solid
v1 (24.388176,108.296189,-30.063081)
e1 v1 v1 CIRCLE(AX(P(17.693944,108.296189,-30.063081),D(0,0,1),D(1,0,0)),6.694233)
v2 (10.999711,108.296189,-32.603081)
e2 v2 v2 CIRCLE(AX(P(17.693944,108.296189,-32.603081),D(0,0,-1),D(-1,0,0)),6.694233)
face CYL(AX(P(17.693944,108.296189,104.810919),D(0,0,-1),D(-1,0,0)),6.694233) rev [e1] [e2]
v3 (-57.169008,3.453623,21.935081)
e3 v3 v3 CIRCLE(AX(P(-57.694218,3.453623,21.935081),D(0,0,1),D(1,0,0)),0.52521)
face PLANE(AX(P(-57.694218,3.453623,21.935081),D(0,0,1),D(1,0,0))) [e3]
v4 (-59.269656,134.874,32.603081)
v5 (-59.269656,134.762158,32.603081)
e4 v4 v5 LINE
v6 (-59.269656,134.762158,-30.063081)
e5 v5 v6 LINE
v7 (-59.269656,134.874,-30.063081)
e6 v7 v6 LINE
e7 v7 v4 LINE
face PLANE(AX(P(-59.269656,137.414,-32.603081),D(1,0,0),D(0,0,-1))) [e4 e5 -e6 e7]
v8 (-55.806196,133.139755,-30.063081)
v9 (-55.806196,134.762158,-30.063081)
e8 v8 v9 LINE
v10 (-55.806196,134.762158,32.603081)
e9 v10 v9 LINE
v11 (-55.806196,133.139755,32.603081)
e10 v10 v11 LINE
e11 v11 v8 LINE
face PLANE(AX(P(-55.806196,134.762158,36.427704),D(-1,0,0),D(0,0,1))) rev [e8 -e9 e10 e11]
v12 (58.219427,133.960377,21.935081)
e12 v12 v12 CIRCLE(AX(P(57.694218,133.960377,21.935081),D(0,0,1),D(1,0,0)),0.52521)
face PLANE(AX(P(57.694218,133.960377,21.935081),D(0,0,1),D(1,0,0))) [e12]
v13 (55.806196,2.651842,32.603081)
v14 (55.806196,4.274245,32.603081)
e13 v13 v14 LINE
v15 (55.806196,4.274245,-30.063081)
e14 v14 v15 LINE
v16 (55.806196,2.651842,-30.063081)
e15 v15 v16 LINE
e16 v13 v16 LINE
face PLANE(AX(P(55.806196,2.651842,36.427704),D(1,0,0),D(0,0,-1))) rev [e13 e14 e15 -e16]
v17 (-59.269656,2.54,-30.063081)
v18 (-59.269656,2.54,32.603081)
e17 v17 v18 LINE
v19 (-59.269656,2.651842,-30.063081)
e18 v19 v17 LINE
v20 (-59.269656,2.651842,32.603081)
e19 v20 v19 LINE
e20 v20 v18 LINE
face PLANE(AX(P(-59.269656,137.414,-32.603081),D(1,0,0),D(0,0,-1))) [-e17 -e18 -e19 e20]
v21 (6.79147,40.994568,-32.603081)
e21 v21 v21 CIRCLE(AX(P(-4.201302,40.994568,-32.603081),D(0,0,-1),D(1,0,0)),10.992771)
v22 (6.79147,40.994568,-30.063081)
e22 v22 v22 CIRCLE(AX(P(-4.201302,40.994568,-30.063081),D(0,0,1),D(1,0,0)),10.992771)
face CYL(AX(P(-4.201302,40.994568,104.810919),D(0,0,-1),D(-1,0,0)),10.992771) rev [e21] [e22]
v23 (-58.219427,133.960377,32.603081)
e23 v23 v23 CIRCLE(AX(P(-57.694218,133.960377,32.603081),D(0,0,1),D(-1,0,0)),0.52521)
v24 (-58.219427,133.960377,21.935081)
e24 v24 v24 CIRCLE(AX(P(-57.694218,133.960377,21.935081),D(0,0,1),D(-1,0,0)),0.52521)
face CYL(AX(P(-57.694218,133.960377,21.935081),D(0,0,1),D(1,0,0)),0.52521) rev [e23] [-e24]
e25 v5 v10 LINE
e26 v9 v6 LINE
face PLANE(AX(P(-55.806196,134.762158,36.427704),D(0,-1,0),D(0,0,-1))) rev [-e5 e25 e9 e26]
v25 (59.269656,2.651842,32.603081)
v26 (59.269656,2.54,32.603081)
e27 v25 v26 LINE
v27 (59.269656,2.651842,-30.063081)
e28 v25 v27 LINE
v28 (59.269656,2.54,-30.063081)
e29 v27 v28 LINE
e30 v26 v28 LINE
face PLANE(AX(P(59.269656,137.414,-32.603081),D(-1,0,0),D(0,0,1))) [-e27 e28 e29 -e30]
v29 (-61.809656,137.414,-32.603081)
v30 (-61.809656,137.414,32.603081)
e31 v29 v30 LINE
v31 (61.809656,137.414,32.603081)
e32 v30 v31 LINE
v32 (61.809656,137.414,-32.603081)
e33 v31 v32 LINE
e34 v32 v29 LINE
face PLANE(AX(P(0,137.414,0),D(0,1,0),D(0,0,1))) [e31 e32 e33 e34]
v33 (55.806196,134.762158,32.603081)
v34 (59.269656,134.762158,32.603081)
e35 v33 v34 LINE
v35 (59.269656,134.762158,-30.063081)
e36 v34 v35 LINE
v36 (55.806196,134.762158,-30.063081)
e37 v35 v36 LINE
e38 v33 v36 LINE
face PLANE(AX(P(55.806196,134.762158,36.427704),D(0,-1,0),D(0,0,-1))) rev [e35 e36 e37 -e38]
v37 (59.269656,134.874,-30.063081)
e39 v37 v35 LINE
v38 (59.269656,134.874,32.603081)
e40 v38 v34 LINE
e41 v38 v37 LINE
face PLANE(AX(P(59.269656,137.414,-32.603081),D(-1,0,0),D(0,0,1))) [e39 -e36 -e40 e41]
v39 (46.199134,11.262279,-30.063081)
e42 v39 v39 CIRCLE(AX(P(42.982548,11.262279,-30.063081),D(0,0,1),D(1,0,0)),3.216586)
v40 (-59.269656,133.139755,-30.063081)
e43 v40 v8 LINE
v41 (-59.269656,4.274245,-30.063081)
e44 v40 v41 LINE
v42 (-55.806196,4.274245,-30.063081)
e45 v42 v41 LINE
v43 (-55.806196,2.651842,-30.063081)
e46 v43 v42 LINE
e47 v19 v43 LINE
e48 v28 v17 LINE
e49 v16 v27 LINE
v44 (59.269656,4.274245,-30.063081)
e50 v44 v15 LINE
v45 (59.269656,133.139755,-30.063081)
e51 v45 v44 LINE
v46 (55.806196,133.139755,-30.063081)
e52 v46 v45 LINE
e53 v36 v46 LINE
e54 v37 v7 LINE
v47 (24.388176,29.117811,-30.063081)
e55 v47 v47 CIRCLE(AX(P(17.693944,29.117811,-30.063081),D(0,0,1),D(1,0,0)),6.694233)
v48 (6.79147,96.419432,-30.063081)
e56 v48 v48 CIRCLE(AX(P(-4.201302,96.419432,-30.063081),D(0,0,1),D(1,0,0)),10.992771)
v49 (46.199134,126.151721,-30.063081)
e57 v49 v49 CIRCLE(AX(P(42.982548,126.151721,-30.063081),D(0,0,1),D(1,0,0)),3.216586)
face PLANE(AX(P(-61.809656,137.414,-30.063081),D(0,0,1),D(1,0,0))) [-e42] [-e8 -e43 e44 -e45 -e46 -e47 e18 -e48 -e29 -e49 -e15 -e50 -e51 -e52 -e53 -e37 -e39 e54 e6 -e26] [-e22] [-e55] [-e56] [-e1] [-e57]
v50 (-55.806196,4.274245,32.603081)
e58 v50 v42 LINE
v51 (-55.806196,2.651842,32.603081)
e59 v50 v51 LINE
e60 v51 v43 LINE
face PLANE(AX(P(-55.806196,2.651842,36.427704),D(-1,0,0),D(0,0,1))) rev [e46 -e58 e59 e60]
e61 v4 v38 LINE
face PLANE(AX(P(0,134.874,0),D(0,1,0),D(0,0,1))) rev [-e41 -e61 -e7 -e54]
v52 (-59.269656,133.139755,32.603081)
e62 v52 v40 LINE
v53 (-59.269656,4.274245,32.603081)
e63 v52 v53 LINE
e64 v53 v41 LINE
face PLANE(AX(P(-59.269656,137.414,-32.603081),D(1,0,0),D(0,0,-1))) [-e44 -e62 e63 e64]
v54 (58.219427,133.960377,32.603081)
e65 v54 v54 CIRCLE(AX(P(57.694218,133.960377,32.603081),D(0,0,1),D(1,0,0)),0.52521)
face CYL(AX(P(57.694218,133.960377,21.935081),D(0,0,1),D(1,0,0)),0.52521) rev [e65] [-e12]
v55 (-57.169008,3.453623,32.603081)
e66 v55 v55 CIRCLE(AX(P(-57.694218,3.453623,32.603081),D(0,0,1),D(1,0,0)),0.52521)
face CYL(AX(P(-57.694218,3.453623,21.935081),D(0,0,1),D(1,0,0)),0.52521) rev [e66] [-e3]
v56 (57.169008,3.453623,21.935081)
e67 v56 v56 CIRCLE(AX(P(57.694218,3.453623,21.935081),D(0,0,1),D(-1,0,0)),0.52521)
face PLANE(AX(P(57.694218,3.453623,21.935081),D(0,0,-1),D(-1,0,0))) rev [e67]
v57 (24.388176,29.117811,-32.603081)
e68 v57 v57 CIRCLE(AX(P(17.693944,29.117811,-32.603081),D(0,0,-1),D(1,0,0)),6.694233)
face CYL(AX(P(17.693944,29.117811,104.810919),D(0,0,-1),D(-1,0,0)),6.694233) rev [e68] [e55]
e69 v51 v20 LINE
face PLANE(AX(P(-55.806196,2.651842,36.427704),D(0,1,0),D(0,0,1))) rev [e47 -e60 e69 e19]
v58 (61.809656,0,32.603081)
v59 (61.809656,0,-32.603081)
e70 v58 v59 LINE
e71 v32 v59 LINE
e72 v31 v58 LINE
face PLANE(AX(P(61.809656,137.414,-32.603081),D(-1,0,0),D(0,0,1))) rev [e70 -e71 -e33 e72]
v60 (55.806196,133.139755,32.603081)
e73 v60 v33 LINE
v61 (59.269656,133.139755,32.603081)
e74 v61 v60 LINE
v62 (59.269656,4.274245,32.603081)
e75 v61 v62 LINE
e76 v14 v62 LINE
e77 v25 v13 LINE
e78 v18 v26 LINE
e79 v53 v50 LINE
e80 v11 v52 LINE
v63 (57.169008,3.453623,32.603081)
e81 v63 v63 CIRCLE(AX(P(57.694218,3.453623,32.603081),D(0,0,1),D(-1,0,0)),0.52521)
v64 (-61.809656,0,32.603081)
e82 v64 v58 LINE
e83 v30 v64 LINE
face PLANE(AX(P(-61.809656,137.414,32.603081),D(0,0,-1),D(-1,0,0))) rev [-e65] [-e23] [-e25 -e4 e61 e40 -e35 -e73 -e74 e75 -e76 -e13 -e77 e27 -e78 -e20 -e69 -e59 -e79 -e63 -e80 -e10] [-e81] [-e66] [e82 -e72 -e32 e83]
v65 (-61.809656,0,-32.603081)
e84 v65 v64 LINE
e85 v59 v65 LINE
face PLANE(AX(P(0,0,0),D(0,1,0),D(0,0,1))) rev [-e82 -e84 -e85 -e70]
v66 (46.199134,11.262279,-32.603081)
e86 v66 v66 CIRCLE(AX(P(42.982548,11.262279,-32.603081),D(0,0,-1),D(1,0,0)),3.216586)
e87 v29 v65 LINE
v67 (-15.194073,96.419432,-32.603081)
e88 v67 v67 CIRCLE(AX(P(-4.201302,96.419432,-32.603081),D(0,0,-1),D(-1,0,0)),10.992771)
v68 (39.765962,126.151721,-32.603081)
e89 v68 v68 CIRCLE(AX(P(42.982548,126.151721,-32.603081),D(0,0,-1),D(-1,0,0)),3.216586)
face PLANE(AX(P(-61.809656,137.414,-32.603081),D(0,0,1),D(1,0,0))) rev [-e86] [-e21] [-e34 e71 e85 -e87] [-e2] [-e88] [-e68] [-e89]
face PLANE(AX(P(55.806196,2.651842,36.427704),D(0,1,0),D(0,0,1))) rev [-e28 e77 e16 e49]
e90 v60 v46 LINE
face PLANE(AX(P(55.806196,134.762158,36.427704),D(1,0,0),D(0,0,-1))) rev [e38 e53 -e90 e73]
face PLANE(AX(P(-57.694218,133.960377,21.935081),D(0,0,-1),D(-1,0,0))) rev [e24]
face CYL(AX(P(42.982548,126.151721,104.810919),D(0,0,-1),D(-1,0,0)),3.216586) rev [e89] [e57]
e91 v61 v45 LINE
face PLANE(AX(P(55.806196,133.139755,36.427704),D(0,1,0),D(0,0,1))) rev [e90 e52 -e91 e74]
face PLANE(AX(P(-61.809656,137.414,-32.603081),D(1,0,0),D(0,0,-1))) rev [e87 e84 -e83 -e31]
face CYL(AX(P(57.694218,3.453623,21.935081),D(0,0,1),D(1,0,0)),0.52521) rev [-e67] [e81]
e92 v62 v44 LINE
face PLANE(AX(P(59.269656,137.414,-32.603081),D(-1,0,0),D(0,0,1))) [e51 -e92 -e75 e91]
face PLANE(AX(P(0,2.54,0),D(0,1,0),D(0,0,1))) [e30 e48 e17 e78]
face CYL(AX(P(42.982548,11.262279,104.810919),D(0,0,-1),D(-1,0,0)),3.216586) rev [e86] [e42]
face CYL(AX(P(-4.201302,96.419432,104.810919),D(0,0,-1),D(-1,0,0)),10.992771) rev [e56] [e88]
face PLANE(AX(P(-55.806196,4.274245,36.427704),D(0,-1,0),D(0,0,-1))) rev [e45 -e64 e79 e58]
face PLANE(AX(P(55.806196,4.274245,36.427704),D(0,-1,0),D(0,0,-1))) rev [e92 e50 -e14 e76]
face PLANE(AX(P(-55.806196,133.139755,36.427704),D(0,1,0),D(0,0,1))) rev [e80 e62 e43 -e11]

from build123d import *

# Parameters (mm, degrees)
SKETCH1_W           = 123.619311202
SKETCH1_H           = 65.206161616
BOSS_EXTRUDE1_DEPTH = 137.414
SHELL1_T            = -2.54
SKETCH2_R           = 3.216585951
SKETCH2_R_2         = 6.694232597
SKETCH2_R_3         = 10.992771438
CUT_EXTRUDE1_DEPTH  = 137.414
SKETCH3_W           = 3.463459185
SKETCH3_H           = 1.622403572
BOSS_EXTRUDE2_DEPTH = 62.666161616
SKETCH4_R           = 0.525209506
CUT_EXTRUDE2_DEPTH  = 10.668


with BuildPart() as part:
    # Sketch1 → Boss-Extrude1 (new body)
    with BuildSketch(Plane(origin=(0, 0, 0), x_dir=(1, 0, 0), z_dir=(0, 1, 0))):
        Rectangle(SKETCH1_W, SKETCH1_H)
    extrude(amount=BOSS_EXTRUDE1_DEPTH)

    # Shell1
    shell1_openings = [part.faces().sort_by_distance(p)[0] for p in [
        (0, 68.707, 32.603080808),
    ]]
    offset(amount=SHELL1_T, openings=shell1_openings, kind=Kind.INTERSECTION)

    # Sketch2 → Cut-Extrude1 (cut)
    with BuildSketch(Plane(origin=(0, 0, -32.603080808), x_dir=(-1, 0, 0), z_dir=(0, 0, -1))):
        with Locations((-42.982548284, 126.151721485)):
            Circle(SKETCH2_R)
        with Locations((-17.693943749, 108.296189209)):
            Circle(SKETCH2_R_2)
        with Locations((4.201301712, 96.419432446)):
            Circle(SKETCH2_R_3)
        with Locations(Location((4.201301712, 40.994567554, 0), (0, 0, 180))):
            Circle(SKETCH2_R_3)
        with Locations(Location((-17.693943749, 29.117810791, 0), (0, 0, 180))):
            Circle(SKETCH2_R_2)
        with Locations(Location((-42.982548284, 11.262278515, 0), (0, 0, 180))):
            Circle(SKETCH2_R)
    extrude(amount=-CUT_EXTRUDE1_DEPTH, mode=Mode.SUBTRACT)

    # Sketch3 → Boss-Extrude2 (add)
    with BuildSketch(Plane.XY.offset(-30.063080808)):
        with Locations((57.537926009, 133.950956633)):
            Rectangle(SKETCH3_W, SKETCH3_H)
        with Locations((-57.537926009, 133.950956633)):
            Rectangle(SKETCH3_W, SKETCH3_H)
        with Locations((-57.537926009, 3.463043367)):
            Rectangle(SKETCH3_W, SKETCH3_H)
        with Locations((57.537926009, 3.463043367)):
            Rectangle(SKETCH3_W, SKETCH3_H)
    extrude(amount=BOSS_EXTRUDE2_DEPTH)

    # Sketch4 → Cut-Extrude2 (cut)
    with BuildSketch(Plane.XY.offset(32.603080808)):
        with Locations((57.694217547, 133.960377278)):
            Circle(SKETCH4_R)
        with Locations(Location((-57.694217547, 133.960377278, 0), (0, 0, 180))):
            Circle(SKETCH4_R)
        with Locations(Location((57.694217547, 3.453622722, 0), (0, 0, 180))):
            Circle(SKETCH4_R)
        with Locations((-57.694217547, 3.453622722)):
            Circle(SKETCH4_R)
    extrude(amount=-CUT_EXTRUDE2_DEPTH, mode=Mode.SUBTRACT)


solid = part.part
